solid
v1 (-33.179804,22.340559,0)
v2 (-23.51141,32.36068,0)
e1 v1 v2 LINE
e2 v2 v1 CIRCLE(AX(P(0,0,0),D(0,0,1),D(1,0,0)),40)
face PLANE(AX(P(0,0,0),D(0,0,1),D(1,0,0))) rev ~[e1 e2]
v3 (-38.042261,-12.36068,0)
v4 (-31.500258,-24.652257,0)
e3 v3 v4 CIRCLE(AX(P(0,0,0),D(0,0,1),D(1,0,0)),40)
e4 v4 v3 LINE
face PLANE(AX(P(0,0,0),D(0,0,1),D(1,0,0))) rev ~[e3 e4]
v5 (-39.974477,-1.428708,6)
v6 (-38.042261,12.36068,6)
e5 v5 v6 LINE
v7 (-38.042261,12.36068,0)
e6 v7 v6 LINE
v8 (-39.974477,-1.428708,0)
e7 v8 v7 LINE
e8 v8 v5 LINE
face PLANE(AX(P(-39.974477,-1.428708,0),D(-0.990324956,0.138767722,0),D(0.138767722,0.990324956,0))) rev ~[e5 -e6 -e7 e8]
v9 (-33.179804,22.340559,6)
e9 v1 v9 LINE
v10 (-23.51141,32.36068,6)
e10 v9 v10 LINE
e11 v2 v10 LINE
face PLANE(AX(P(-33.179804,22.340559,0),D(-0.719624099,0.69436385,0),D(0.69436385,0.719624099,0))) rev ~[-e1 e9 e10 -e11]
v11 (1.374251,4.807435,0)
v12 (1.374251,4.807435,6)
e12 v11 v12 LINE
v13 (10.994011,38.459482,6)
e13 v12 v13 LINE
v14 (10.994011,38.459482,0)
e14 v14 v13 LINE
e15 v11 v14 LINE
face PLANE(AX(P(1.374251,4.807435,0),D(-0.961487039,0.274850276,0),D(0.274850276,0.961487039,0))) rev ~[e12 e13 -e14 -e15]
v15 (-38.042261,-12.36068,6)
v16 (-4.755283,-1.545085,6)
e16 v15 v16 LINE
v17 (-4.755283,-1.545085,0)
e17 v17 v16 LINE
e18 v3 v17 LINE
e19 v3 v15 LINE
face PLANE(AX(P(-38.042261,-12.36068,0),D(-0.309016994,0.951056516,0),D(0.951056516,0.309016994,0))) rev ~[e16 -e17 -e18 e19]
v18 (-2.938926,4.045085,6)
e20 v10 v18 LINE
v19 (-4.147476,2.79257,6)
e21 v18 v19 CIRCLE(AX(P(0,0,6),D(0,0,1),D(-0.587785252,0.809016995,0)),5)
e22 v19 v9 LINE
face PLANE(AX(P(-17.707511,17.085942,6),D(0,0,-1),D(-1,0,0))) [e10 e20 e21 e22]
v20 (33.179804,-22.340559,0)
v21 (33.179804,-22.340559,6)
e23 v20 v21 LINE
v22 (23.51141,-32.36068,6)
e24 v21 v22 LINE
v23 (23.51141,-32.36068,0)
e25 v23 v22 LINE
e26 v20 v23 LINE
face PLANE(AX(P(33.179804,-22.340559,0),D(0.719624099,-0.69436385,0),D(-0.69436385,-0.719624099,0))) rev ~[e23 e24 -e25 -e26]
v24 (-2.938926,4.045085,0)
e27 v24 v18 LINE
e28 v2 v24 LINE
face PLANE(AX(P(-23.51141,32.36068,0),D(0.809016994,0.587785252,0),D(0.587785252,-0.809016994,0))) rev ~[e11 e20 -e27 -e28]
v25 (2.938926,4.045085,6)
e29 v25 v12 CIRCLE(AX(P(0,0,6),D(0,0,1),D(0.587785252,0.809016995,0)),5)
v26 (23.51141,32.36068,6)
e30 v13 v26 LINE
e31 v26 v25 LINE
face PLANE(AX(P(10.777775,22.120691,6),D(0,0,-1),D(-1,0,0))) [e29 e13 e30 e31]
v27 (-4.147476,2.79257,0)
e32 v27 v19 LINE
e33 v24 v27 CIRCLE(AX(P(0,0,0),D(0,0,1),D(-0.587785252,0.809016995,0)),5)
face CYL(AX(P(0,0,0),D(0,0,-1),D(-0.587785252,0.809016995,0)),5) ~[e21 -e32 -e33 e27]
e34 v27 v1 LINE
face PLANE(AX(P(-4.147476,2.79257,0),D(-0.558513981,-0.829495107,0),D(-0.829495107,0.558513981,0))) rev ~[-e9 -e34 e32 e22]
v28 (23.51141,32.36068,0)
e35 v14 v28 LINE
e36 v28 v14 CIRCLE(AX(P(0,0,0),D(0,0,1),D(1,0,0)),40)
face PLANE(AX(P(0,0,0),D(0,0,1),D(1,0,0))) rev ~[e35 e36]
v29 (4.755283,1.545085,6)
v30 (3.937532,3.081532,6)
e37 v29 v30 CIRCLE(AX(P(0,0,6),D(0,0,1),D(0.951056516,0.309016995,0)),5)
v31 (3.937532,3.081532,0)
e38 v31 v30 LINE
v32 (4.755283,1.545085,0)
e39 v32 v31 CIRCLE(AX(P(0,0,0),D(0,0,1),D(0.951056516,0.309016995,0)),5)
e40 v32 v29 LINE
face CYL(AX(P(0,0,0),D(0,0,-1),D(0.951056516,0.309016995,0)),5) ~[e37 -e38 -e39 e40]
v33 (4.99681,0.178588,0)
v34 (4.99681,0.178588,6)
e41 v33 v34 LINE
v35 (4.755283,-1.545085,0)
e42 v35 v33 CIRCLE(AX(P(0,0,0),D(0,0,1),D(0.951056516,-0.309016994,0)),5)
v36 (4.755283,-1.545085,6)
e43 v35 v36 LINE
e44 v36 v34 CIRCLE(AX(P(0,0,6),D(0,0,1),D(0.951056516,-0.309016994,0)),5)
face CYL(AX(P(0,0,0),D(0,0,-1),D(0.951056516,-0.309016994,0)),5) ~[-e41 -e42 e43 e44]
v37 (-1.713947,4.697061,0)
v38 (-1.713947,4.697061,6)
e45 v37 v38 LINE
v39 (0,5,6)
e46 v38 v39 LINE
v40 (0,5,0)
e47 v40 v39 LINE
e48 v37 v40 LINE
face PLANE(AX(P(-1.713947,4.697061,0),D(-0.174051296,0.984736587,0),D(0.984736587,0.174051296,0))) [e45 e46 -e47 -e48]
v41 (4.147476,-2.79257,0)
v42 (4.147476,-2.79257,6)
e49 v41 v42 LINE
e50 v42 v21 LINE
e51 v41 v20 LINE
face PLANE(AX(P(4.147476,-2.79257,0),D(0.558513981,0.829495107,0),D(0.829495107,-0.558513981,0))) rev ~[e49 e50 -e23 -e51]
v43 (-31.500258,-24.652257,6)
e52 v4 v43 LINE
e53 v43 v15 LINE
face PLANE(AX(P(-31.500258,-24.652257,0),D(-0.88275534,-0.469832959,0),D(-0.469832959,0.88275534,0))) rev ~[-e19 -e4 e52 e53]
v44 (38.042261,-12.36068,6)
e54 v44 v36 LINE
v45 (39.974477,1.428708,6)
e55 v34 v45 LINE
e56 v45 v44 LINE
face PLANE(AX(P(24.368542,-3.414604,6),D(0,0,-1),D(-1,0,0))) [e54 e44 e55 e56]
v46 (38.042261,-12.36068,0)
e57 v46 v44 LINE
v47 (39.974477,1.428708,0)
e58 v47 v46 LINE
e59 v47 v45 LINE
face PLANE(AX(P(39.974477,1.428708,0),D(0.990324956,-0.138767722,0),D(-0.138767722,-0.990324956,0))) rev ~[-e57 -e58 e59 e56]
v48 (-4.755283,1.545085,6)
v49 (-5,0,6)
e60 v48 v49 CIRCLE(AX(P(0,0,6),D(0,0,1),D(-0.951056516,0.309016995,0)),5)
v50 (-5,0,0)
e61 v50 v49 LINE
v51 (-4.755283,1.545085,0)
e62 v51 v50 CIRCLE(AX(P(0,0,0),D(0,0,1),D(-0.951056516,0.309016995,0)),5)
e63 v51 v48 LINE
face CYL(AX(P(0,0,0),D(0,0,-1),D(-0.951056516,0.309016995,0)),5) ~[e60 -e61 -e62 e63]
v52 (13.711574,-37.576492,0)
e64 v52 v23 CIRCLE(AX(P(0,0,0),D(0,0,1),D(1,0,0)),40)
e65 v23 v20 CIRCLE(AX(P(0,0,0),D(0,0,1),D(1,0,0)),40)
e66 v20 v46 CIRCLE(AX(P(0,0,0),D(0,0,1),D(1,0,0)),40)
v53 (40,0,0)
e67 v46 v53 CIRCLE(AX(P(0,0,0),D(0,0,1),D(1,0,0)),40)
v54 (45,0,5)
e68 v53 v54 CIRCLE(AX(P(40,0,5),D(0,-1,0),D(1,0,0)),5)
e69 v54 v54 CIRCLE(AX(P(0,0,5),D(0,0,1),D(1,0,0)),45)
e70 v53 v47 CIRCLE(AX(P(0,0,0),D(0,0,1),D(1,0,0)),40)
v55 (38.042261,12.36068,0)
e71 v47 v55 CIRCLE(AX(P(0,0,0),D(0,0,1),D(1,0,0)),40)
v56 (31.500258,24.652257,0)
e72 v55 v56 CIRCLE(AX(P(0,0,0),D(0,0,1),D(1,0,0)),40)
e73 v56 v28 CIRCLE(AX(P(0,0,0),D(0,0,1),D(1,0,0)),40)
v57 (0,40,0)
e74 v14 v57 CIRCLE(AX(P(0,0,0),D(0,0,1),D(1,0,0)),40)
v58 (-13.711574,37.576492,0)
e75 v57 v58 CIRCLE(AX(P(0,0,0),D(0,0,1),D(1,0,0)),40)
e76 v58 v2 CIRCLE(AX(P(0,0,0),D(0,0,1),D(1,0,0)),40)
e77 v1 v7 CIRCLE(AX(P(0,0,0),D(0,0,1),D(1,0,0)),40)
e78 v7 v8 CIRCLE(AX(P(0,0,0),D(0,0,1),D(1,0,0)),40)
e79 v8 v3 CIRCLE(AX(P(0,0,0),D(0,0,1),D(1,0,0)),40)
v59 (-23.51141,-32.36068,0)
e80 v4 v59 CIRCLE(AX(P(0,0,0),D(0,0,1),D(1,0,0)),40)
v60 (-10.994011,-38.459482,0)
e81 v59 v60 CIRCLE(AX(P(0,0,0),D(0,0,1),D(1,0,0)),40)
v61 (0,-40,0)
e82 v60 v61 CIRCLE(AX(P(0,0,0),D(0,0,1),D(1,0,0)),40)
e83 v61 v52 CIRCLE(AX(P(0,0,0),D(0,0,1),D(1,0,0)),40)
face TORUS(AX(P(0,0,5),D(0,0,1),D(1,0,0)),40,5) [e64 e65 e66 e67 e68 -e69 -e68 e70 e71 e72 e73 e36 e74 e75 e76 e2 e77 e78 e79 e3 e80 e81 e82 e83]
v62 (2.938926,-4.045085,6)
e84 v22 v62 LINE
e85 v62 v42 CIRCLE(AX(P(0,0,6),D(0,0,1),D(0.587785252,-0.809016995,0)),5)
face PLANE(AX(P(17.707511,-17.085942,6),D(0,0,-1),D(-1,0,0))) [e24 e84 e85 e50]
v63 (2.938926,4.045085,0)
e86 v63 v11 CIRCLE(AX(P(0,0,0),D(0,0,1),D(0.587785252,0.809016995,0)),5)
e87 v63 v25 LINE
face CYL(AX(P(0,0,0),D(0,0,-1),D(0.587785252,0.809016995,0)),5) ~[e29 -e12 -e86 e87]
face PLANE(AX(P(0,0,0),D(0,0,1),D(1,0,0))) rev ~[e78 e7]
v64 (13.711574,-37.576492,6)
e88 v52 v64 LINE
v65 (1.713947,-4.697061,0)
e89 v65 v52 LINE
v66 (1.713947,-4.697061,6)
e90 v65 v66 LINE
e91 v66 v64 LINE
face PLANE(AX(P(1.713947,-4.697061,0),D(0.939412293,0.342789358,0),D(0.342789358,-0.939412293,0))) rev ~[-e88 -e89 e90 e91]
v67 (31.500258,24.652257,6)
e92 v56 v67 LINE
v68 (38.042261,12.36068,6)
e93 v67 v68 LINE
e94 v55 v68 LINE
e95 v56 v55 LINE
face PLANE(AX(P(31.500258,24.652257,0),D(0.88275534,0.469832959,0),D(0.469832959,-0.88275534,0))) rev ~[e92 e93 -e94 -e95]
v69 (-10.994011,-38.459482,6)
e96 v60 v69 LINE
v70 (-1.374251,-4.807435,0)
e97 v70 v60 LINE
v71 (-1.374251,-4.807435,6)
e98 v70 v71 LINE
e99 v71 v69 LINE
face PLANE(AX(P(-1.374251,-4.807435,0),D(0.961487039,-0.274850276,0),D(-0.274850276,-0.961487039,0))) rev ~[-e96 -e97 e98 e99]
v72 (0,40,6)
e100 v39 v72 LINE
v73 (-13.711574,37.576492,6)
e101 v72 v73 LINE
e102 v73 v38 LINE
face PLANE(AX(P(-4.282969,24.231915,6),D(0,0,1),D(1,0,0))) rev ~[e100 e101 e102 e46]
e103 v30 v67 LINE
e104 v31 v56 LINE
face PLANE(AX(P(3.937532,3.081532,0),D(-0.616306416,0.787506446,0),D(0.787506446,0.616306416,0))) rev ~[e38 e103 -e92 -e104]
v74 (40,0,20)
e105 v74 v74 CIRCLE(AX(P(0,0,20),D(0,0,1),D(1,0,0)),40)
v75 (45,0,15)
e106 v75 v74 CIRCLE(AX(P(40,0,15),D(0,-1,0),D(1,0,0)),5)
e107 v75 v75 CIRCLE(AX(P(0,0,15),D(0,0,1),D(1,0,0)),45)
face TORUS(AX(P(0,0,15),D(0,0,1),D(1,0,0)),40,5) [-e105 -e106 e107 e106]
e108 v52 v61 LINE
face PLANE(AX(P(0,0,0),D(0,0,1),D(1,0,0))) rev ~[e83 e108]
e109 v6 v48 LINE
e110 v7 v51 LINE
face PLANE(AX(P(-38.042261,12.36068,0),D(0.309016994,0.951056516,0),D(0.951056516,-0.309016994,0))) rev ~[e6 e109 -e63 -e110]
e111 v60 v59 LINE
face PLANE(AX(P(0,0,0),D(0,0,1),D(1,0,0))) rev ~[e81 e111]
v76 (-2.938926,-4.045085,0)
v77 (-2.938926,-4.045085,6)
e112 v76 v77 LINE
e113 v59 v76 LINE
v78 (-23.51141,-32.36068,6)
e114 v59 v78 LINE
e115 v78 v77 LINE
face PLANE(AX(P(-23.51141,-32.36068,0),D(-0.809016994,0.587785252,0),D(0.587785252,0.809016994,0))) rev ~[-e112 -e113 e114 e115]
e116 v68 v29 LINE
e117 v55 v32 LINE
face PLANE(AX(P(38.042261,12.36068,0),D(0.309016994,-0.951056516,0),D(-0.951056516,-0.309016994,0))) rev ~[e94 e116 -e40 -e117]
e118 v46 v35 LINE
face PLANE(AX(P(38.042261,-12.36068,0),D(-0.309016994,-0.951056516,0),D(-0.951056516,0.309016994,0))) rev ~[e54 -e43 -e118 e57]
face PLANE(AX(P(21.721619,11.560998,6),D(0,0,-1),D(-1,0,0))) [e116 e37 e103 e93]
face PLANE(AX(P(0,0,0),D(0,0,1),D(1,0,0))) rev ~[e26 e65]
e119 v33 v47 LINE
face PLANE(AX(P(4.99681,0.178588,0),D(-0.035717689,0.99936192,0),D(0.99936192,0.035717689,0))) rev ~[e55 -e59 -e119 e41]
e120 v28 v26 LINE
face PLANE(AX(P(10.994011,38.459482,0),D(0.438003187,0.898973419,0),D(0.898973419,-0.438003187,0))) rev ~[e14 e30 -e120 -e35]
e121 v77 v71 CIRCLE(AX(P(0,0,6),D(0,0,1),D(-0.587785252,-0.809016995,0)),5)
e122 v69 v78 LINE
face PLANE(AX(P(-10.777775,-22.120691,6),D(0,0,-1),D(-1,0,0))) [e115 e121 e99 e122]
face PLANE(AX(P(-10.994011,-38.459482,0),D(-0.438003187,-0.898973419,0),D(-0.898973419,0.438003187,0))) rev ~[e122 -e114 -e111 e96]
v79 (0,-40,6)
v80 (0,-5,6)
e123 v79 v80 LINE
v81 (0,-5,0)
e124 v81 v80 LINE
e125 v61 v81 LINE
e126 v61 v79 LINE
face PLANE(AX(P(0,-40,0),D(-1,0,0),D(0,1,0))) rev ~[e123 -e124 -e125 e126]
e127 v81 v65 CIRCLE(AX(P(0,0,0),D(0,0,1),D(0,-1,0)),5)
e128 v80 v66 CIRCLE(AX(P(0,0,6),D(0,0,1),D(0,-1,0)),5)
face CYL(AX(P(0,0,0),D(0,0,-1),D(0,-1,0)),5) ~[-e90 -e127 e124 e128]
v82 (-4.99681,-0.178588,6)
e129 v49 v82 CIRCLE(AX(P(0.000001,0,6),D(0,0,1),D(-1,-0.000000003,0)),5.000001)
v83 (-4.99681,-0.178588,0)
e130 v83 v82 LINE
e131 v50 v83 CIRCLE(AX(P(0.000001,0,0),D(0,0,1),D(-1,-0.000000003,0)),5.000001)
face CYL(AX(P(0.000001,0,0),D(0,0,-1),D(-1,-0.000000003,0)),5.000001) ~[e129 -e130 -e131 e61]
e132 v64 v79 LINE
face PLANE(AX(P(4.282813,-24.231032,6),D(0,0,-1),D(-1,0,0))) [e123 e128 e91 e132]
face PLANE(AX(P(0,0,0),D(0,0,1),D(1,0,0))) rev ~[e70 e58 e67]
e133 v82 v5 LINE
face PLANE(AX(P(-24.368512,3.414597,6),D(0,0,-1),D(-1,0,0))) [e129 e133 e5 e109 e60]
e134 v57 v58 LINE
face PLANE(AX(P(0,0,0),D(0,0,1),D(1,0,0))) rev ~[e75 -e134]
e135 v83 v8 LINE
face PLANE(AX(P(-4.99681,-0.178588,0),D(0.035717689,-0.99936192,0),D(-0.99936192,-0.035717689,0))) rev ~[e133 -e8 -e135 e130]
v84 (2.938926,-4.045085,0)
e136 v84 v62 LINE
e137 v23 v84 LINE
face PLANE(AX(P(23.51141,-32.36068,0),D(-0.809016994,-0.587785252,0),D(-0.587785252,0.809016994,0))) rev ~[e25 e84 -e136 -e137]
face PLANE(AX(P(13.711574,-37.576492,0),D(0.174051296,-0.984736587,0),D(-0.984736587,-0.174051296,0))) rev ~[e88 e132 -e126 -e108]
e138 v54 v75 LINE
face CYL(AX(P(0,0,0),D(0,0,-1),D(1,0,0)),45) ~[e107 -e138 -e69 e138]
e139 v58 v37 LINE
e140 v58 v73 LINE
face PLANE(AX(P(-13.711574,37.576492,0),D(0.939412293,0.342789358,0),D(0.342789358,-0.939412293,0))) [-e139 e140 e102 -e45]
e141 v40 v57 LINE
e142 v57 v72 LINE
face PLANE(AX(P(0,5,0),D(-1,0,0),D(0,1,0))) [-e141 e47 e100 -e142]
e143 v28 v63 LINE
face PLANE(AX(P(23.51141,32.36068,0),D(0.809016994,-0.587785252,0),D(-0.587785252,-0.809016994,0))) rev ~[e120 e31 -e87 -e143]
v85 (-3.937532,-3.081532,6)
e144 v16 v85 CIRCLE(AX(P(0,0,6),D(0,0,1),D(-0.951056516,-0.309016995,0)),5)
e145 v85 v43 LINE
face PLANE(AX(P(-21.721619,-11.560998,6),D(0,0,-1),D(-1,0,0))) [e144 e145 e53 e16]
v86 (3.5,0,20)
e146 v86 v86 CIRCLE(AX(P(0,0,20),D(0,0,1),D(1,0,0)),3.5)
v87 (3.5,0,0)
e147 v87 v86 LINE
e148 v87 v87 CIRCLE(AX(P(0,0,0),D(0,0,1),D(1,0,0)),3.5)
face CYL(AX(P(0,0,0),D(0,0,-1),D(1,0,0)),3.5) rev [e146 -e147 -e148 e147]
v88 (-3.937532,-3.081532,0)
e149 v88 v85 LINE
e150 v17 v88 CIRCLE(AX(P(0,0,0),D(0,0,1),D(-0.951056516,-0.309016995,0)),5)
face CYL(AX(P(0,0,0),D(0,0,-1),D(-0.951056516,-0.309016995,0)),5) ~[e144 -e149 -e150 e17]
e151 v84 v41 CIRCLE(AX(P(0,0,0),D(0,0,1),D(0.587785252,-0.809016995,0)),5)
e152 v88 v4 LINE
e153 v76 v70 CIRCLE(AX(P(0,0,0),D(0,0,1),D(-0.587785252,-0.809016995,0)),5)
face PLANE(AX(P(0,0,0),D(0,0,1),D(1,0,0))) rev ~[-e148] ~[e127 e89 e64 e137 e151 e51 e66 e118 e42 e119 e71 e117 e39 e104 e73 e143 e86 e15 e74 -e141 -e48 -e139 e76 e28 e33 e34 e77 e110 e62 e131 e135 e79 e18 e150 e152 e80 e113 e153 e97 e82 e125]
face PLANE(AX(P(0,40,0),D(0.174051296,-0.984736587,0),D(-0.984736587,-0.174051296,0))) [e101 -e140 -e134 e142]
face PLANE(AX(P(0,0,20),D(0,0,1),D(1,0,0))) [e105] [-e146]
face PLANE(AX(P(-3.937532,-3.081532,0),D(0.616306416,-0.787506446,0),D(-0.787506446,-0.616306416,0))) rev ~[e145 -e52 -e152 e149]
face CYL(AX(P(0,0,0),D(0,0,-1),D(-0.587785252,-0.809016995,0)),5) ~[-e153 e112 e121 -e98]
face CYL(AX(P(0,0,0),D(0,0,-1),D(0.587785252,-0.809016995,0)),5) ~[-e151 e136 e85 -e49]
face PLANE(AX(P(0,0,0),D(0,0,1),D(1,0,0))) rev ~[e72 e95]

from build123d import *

# Parameters (mm, degrees)
SKETCH1_R           = 45
SKETCH1_R_2         = 42.5
SKETCH1_R_3         = 3.5
BOSS_EXTRUDE1_DEPTH = 20
FILLET1_R           = 5
FILLET2_R           = 5
CUT_EXTRUDE2_DEPTH  = 6


with BuildPart() as part:
    # Sketch1 → Boss-Extrude1 (new body)
    # profile 1 of 2: a face of its own
    with BuildSketch(Plane.XY):
        Circle(SKETCH1_R)
        Circle(SKETCH1_R_2, mode=Mode.SUBTRACT)
    # profile 2 of 2: a face of its own
    with BuildSketch(Plane.XY):
        Circle(SKETCH1_R_2)
        Circle(SKETCH1_R_3, mode=Mode.SUBTRACT)
    extrude(amount=BOSS_EXTRUDE1_DEPTH)

    # Fillet1
    fillet1_edges = [part.edges().sort_by_distance(p)[0] for p in [
        (-45, 0, 0),
    ]]
    fillet(fillet1_edges, radius=FILLET1_R)

    # Fillet2
    fillet2_edges = [part.edges().sort_by_distance(p)[0] for p in [
        (-45, 0, 20),
    ]]
    fillet(fillet2_edges, radius=FILLET2_R)

    # Sketch2 → Cut-Extrude2 (cut)
    with BuildSketch(Plane(origin=(0, 0, 0), x_dir=(-1, 0, 0), z_dir=(0, 0, -1))):
        with BuildLine():
            Line((38.042260652, 12.360679775), (4.755282581, 1.545084972))
            ThreePointArc((4.755282581, 1.545084972), (4.938441703, 0.782172325), (5, 0))
            ThreePointArc((5, 0), (4.999202336, -0.08930847), (4.996809599, -0.178588445))
            Line((4.996809599, -0.178588445), (39.974476791, -1.42870756))
            Line((39.974476791, -1.42870756), (38.042260652, 12.360679775))
        make_face()
        with BuildLine():
            Line((38.042260652, -12.360679775), (4.755282581, -1.545084972))
            ThreePointArc((4.755282581, -1.545084972), (4.4137767, -2.349164796), (3.937532229, -3.081532078))
            Line((3.937532229, -3.081532078), (31.500257831, -24.652256622))
            Line((31.500257831, -24.652256622), (38.042260652, -12.360679775))
        make_face()
        with BuildLine():
            Line((23.511410092, -32.360679775), (2.938926261, -4.045084972))
            ThreePointArc((2.938926261, -4.045084972), (2.190015937, -4.494867094), (1.374251379, -4.807435194))
            Line((1.374251379, -4.807435194), (10.994011035, -38.459481554))
            Line((10.994011035, -38.459481554), (23.511410092, -32.360679775))
        make_face()
        with BuildLine():
            ThreePointArc((0, -5), (-0.870256478, -4.923682937), (-1.713946788, -4.697061465))
            Line((-1.713946788, -4.697061465), (-13.711574304, -37.576491721))
            Line((-13.711574304, -37.576491721), (0, -40))
            Line((0, -40), (0, -5))
        make_face()
        with BuildLine():
            ThreePointArc((-2.938926261, -4.045084972), (-3.598120497, -3.471819248), (-4.147475537, -2.792569904))
            Line((-4.147475537, -2.792569904), (-33.179804299, -22.34055923))
            Line((-33.179804299, -22.34055923), (-23.511410092, -32.360679775))
            Line((-23.511410092, -32.360679775), (-2.938926261, -4.045084972))
        make_face()
        with BuildLine():
            ThreePointArc((-4.755282581, -1.545084972), (-4.951624782, -0.693838608), (-4.996809599, 0.178588445))
            Line((-4.996809599, 0.178588445), (-39.974476791, 1.42870756))
            Line((-39.974476791, 1.42870756), (-38.042260652, -12.360679775))
            Line((-38.042260652, -12.360679775), (-4.755282581, -1.545084972))
        make_face()
        with BuildLine():
            ThreePointArc((-4.755282581, 1.545084972), (-4.4137767, 2.349164796), (-3.937532229, 3.081532078))
            Line((-3.937532229, 3.081532078), (-31.500257831, 24.652256622))
            Line((-31.500257831, 24.652256622), (-38.042260652, 12.360679775))
            Line((-38.042260652, 12.360679775), (-4.755282581, 1.545084972))
        make_face()
        with BuildLine():
            ThreePointArc((-2.938926261, 4.045084972), (-2.190015937, 4.494867094), (-1.374251379, 4.807435194))
            Line((-1.374251379, 4.807435194), (-10.994011035, 38.459481554))
            Line((-10.994011035, 38.459481554), (-23.511410092, 32.360679775))
            Line((-23.511410092, 32.360679775), (-2.938926261, 4.045084972))
        make_face()
        with BuildLine():
            Line((23.511410092, 32.360679775), (2.938926261, 4.045084972))
            ThreePointArc((2.938926261, 4.045084972), (3.598120497, 3.471819248), (4.147475537, 2.792569904))
            Line((4.147475537, 2.792569904), (33.179804299, 22.34055923))
            Line((33.179804299, 22.34055923), (23.511410092, 32.360679775))
        make_face()
        Polygon((13.711574304, 37.576491721), (1.713946788, 4.697061465), (0, 5), (0, 40), align=None)
    extrude(amount=-CUT_EXTRUDE2_DEPTH, mode=Mode.SUBTRACT)


solid = part.part
